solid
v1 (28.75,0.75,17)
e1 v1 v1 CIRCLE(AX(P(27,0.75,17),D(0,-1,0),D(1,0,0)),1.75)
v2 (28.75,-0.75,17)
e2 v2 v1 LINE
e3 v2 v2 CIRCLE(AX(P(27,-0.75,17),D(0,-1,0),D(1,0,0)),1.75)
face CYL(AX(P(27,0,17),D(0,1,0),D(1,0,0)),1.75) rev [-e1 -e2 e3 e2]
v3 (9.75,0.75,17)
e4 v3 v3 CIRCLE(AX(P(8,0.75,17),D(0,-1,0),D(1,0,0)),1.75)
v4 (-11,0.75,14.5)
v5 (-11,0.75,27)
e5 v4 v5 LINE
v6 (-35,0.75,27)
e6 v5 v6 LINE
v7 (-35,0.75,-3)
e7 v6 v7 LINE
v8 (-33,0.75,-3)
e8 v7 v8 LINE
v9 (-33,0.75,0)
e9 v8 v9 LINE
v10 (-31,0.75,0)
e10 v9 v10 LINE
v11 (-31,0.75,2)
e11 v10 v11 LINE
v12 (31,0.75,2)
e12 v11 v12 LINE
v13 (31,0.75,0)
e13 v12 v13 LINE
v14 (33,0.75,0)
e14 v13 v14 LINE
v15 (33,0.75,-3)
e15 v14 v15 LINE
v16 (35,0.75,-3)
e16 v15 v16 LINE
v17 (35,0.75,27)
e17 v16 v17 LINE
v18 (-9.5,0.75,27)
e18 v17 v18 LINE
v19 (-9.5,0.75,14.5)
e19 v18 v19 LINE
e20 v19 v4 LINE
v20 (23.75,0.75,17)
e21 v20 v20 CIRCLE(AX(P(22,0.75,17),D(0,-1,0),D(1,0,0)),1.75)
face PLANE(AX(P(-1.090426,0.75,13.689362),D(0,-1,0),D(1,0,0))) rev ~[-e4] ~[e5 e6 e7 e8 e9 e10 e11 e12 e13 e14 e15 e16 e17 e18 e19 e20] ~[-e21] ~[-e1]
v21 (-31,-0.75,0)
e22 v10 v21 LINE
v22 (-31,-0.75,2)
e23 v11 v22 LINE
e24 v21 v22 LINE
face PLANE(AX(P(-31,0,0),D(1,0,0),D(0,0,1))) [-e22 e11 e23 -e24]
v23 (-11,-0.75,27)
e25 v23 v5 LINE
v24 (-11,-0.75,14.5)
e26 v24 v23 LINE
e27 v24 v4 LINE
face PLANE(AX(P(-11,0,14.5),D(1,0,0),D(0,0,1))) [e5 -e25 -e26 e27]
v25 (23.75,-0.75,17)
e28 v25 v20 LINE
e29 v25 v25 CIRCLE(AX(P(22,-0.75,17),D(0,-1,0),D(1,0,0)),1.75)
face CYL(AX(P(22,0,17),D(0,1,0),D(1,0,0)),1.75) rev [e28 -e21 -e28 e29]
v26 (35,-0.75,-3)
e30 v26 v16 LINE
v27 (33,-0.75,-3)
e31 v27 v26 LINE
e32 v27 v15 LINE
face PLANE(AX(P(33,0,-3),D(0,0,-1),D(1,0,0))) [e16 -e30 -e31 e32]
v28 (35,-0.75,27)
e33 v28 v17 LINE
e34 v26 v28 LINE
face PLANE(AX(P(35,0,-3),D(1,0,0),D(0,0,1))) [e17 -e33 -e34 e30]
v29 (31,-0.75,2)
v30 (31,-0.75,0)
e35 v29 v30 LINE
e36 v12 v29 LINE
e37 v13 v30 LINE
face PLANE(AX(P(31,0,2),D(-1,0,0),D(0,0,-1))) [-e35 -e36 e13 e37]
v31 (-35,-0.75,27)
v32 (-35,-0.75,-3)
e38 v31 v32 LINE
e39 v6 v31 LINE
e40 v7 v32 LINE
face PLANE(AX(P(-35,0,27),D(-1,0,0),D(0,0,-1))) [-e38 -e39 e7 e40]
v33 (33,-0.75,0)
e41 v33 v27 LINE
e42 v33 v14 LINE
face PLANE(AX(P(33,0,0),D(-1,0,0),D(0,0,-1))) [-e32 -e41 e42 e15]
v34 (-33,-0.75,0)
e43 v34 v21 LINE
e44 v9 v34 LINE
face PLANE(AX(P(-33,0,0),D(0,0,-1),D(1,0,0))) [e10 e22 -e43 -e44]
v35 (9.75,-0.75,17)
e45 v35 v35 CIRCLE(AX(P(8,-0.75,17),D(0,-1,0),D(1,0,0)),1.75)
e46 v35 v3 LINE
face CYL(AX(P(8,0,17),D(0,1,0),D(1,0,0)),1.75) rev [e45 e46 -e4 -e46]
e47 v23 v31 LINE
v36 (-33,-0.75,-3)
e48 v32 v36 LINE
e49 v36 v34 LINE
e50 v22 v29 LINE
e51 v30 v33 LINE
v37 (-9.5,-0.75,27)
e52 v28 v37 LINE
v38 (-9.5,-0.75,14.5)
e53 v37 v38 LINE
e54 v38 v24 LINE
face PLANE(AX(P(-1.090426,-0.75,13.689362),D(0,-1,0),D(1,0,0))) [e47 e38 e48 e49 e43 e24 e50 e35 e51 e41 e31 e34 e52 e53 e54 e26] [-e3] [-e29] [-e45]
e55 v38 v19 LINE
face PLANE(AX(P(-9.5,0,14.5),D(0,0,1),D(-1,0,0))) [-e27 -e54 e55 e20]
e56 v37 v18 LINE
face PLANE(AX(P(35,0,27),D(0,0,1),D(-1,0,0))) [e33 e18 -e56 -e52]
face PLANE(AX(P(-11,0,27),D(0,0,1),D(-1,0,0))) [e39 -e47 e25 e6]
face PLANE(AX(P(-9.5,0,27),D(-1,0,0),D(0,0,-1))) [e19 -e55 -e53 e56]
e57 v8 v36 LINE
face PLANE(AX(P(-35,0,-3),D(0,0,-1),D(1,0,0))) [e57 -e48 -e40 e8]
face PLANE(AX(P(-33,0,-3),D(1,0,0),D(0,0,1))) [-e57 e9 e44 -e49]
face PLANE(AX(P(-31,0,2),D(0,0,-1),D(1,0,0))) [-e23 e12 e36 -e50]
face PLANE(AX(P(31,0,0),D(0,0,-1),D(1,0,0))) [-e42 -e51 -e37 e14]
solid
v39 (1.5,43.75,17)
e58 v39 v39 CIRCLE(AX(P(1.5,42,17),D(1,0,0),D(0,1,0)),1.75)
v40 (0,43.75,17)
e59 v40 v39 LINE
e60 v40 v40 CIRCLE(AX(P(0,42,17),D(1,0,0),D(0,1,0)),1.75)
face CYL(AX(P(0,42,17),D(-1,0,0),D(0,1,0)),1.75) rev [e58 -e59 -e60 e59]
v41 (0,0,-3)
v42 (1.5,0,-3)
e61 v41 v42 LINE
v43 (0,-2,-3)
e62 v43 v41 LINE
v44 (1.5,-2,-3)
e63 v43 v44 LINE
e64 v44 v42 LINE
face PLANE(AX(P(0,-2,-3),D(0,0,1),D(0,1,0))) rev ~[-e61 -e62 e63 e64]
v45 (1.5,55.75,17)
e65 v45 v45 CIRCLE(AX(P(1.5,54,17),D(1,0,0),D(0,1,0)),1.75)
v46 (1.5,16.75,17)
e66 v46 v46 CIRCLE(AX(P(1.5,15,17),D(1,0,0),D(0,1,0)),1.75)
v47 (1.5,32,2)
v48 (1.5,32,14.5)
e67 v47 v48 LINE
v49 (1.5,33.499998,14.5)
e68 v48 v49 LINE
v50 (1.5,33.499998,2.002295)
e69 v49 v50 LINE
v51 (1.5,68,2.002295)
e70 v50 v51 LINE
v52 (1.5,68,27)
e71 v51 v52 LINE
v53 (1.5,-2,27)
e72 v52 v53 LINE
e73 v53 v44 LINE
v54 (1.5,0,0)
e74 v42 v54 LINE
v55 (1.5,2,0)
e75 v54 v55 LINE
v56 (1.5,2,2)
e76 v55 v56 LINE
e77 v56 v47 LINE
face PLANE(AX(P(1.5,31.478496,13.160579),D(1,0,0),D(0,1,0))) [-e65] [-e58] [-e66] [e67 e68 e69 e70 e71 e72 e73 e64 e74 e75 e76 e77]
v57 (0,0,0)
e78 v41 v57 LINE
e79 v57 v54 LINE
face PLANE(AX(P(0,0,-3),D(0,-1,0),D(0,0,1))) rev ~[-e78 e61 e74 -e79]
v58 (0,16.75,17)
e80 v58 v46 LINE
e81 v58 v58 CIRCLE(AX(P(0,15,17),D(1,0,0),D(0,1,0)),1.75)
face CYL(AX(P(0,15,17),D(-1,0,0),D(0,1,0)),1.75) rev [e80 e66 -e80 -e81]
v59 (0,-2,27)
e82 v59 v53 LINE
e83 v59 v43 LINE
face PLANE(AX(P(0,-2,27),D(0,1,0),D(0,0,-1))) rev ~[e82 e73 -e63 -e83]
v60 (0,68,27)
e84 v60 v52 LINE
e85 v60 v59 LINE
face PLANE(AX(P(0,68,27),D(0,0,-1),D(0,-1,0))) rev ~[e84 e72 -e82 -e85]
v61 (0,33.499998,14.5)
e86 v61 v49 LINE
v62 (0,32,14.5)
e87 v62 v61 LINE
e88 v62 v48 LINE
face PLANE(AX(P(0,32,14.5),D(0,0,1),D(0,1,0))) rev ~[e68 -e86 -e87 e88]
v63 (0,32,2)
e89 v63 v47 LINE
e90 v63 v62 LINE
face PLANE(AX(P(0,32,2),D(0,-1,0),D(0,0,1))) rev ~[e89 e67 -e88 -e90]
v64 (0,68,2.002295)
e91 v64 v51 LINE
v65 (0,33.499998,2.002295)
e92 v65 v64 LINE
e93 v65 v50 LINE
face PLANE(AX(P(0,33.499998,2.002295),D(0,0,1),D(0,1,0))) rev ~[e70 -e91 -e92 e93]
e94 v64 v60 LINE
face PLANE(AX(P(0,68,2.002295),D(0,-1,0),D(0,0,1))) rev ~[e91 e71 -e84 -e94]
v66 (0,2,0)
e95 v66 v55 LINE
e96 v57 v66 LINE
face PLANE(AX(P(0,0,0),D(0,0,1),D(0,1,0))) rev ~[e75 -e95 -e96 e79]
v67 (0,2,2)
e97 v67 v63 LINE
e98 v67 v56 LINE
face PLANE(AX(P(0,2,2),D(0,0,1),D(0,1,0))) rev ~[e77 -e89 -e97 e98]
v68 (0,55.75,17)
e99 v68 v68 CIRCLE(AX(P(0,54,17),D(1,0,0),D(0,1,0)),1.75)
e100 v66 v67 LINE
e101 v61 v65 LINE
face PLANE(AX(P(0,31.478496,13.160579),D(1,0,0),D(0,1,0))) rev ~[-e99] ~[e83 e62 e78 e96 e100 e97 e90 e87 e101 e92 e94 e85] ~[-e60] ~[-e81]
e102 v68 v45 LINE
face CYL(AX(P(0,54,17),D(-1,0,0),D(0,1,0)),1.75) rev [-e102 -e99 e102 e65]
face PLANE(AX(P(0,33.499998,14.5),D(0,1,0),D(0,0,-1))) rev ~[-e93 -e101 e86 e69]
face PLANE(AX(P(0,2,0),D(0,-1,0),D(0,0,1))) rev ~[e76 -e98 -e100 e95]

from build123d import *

# Parameters (mm, degrees)
F0_R     = 1.75
F1_DEPTH = 0.75
F2_R     = 1.75
F3_DEPTH = 1.5


with BuildPart() as f1:
    # F0 (on Front) → F1 (new body, symmetric)
    with BuildSketch(Plane.XZ):
        Polygon((-11, 27), (-35, 27), (-35, -3), (-33, -3), (-33, 0), (-31, 0), (-31, 2), (31, 2), (31, 0), (33, 0), (33, -3), (35, -3), (35, 27), (-9.5, 27), (-9.5, 14.5), (-11, 14.5), align=None)
        with Locations((8, 17)):
            Circle(F0_R, mode=Mode.SUBTRACT)
        with Locations((22, 17)):
            Circle(F0_R, mode=Mode.SUBTRACT)
        with Locations((27, 17)):
            Circle(F0_R, mode=Mode.SUBTRACT)
    extrude(amount=F1_DEPTH, both=True)


with BuildPart() as f3:
    # F2 (on Right) → F3 (new body)
    with BuildSketch(Plane.YZ):
        Polygon((68, 27), (0.75, 27), (-2, 27), (-2, -3), (0, -3), (0, 0), (2, 0), (2, 2), (32, 2), (32, 14.5), (33.499998, 14.5), (33.499998, 2.002295), (68, 2.002295), align=None)
        with Locations((15, 17)):
            Circle(F2_R, mode=Mode.SUBTRACT)
        with Locations((42, 17)):
            Circle(F2_R, mode=Mode.SUBTRACT)
        with Locations((54, 17)):
            Circle(F2_R, mode=Mode.SUBTRACT)
    extrude(amount=F3_DEPTH)


solid = Compound([f1.part, f3.part])
